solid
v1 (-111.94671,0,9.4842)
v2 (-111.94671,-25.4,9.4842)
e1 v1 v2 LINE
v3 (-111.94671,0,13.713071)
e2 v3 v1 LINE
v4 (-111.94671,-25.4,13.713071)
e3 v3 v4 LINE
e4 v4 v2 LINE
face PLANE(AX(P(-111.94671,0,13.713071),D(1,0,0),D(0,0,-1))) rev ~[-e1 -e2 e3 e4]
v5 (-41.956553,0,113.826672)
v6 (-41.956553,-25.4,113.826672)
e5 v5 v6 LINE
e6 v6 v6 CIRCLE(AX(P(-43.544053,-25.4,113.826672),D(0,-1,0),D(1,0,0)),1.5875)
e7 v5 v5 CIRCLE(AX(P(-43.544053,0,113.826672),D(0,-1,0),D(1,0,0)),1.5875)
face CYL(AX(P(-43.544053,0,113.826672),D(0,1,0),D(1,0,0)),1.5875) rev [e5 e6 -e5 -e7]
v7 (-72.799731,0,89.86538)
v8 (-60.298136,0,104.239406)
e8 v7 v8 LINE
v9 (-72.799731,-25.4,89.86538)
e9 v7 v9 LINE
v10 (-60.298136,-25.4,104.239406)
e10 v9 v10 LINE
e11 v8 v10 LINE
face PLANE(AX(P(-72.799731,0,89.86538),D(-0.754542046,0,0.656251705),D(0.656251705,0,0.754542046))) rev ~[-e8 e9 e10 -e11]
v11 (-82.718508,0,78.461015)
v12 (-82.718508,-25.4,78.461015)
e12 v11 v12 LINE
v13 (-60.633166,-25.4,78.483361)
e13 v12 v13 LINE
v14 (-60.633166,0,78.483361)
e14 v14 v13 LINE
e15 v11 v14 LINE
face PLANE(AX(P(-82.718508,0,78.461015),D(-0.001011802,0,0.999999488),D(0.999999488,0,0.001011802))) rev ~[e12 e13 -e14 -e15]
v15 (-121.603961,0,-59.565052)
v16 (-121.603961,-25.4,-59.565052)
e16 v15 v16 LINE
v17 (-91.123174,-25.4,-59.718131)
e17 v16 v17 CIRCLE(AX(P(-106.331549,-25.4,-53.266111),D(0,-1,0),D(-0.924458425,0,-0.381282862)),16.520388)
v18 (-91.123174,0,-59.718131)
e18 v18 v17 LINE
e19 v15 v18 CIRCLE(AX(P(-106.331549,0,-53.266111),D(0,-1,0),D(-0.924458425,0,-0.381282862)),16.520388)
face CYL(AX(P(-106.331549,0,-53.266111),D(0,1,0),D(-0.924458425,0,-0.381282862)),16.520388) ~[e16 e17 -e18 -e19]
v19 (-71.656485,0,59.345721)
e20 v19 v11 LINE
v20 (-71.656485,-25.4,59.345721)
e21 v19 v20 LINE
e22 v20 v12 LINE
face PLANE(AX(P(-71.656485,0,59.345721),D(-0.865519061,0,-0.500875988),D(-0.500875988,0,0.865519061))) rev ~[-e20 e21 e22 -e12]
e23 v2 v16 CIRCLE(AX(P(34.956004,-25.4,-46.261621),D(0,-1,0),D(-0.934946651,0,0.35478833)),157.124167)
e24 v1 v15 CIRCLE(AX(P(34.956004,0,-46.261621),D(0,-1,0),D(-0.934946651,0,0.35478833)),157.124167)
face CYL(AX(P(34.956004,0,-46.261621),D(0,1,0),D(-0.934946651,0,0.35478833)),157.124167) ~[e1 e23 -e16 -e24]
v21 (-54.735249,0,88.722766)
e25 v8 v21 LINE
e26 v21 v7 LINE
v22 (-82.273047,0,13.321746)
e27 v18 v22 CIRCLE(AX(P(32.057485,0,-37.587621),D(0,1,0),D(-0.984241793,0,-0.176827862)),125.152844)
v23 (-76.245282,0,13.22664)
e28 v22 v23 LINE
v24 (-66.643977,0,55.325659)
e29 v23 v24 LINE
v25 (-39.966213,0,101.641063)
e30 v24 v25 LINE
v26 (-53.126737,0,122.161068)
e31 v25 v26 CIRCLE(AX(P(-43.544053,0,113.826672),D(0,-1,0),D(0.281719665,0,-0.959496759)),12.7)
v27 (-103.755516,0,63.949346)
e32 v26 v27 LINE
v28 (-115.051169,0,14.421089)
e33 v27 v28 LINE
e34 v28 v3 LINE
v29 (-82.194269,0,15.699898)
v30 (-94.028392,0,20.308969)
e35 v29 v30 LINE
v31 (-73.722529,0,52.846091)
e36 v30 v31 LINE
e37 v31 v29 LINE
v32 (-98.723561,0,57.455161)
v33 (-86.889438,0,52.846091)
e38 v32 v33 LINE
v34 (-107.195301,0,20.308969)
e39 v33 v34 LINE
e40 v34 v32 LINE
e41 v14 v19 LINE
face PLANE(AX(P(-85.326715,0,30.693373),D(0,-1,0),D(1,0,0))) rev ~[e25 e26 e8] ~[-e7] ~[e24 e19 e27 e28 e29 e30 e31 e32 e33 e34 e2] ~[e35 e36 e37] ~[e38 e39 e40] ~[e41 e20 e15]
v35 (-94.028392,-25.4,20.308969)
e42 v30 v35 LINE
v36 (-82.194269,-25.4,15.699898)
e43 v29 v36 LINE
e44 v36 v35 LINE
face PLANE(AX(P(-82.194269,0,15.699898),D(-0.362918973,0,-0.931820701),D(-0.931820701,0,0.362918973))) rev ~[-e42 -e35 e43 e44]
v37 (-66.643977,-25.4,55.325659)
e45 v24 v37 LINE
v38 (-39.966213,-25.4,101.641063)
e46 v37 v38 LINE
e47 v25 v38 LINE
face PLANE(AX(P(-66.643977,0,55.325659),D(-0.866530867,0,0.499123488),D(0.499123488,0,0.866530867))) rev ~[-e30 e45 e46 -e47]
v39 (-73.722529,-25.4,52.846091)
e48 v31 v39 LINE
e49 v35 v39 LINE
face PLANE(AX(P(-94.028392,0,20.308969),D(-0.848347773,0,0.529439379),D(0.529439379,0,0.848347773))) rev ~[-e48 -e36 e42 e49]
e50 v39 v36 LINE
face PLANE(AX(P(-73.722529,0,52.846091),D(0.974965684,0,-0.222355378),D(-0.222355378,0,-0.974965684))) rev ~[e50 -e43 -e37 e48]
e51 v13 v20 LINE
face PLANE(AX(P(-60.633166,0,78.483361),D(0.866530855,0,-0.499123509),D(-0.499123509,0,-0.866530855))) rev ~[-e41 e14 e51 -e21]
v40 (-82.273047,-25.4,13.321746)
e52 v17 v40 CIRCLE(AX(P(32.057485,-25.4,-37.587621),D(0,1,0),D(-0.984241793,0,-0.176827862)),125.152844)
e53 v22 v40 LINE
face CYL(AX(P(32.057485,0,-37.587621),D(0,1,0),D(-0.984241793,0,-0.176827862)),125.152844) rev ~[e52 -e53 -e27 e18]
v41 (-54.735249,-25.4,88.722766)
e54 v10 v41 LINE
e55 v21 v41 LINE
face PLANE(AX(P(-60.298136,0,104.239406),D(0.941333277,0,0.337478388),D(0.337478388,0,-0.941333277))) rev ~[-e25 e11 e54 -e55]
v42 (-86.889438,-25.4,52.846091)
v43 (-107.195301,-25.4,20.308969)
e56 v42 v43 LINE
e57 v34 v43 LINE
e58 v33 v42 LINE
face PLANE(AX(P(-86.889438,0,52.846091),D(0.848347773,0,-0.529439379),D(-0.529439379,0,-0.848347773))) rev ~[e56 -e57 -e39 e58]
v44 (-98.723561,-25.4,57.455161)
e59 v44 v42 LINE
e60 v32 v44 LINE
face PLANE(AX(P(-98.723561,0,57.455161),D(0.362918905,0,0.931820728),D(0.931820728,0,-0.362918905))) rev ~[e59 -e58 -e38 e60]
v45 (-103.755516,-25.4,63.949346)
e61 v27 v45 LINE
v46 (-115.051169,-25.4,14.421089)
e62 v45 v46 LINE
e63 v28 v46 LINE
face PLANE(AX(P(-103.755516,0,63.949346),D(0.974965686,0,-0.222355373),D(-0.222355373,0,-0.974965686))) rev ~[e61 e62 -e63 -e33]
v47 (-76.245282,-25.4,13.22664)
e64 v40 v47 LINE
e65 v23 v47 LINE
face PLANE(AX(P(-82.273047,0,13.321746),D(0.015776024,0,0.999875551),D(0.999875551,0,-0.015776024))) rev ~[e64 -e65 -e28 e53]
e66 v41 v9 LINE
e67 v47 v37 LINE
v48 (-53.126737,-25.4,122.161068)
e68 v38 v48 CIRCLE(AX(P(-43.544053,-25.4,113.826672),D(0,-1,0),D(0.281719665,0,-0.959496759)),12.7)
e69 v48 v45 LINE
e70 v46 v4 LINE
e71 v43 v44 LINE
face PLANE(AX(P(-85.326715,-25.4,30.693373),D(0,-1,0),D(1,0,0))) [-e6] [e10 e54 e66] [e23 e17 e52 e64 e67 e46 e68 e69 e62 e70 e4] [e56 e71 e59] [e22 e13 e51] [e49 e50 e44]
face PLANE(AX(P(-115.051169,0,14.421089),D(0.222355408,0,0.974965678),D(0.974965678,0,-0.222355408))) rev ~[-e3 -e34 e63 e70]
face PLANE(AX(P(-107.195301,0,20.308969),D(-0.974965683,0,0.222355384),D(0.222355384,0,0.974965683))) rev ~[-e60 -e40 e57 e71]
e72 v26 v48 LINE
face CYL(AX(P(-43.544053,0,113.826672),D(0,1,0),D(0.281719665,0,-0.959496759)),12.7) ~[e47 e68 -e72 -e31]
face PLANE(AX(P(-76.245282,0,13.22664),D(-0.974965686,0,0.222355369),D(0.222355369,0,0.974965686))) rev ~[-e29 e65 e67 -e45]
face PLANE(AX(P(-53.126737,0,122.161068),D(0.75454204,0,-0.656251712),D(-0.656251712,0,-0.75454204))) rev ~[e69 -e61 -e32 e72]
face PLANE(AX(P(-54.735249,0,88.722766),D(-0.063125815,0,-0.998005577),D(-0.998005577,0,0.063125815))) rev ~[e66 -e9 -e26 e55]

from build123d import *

# Parameters (mm, degrees)
F0_R     = 1.5875
F1_DEPTH = 25.4


with BuildPart() as f1:
    # F0 (on Front) → F1 (new body)
    with BuildSketch(Plane.XZ):
        with BuildLine():
            Line((-66.643977, 55.325659), (-39.966213, 101.641063))
            ThreePointArc((-39.966213, 101.641063), (-32.853768, 120.682896), (-53.126737, 122.161068))
            Line((-53.126737, 122.161068), (-103.755516, 63.949346))
            Line((-103.755516, 63.949346), (-115.051169, 14.421089))
            Line((-115.051169, 14.421089), (-111.94671, 13.713071))
            Line((-111.94671, 13.713071), (-111.94671, 9.4842))
            ThreePointArc((-111.94671, 9.4842), (-120.653601, -24.49801), (-121.603961, -59.565052))
            ThreePointArc((-121.603961, -59.565052), (-106.414516, -69.786291), (-91.123174, -59.718131))
            ThreePointArc((-91.123174, -59.718131), (-92.186619, -22.533159), (-82.273047, 13.321746))
            Line((-82.273047, 13.321746), (-76.245282, 13.22664))
            Line((-76.245282, 13.22664), (-66.643977, 55.325659))
        make_face()
        Polygon((-107.195301, 20.308969), (-98.723561, 57.455161), (-86.889438, 52.846091), align=None, mode=Mode.SUBTRACT)
        Polygon((-94.028392, 20.308969), (-73.722529, 52.846091), (-82.194269, 15.699898), align=None, mode=Mode.SUBTRACT)
        Polygon((-82.718508, 78.461015), (-60.633166, 78.483361), (-71.656485, 59.345721), align=None, mode=Mode.SUBTRACT)
        Polygon((-72.799731, 89.86538), (-60.298136, 104.239406), (-54.735249, 88.722766), align=None, mode=Mode.SUBTRACT)
        with Locations((-43.544053, 113.826672)):
            Circle(F0_R, mode=Mode.SUBTRACT)
    extrude(amount=F1_DEPTH)


solid = f1.part
